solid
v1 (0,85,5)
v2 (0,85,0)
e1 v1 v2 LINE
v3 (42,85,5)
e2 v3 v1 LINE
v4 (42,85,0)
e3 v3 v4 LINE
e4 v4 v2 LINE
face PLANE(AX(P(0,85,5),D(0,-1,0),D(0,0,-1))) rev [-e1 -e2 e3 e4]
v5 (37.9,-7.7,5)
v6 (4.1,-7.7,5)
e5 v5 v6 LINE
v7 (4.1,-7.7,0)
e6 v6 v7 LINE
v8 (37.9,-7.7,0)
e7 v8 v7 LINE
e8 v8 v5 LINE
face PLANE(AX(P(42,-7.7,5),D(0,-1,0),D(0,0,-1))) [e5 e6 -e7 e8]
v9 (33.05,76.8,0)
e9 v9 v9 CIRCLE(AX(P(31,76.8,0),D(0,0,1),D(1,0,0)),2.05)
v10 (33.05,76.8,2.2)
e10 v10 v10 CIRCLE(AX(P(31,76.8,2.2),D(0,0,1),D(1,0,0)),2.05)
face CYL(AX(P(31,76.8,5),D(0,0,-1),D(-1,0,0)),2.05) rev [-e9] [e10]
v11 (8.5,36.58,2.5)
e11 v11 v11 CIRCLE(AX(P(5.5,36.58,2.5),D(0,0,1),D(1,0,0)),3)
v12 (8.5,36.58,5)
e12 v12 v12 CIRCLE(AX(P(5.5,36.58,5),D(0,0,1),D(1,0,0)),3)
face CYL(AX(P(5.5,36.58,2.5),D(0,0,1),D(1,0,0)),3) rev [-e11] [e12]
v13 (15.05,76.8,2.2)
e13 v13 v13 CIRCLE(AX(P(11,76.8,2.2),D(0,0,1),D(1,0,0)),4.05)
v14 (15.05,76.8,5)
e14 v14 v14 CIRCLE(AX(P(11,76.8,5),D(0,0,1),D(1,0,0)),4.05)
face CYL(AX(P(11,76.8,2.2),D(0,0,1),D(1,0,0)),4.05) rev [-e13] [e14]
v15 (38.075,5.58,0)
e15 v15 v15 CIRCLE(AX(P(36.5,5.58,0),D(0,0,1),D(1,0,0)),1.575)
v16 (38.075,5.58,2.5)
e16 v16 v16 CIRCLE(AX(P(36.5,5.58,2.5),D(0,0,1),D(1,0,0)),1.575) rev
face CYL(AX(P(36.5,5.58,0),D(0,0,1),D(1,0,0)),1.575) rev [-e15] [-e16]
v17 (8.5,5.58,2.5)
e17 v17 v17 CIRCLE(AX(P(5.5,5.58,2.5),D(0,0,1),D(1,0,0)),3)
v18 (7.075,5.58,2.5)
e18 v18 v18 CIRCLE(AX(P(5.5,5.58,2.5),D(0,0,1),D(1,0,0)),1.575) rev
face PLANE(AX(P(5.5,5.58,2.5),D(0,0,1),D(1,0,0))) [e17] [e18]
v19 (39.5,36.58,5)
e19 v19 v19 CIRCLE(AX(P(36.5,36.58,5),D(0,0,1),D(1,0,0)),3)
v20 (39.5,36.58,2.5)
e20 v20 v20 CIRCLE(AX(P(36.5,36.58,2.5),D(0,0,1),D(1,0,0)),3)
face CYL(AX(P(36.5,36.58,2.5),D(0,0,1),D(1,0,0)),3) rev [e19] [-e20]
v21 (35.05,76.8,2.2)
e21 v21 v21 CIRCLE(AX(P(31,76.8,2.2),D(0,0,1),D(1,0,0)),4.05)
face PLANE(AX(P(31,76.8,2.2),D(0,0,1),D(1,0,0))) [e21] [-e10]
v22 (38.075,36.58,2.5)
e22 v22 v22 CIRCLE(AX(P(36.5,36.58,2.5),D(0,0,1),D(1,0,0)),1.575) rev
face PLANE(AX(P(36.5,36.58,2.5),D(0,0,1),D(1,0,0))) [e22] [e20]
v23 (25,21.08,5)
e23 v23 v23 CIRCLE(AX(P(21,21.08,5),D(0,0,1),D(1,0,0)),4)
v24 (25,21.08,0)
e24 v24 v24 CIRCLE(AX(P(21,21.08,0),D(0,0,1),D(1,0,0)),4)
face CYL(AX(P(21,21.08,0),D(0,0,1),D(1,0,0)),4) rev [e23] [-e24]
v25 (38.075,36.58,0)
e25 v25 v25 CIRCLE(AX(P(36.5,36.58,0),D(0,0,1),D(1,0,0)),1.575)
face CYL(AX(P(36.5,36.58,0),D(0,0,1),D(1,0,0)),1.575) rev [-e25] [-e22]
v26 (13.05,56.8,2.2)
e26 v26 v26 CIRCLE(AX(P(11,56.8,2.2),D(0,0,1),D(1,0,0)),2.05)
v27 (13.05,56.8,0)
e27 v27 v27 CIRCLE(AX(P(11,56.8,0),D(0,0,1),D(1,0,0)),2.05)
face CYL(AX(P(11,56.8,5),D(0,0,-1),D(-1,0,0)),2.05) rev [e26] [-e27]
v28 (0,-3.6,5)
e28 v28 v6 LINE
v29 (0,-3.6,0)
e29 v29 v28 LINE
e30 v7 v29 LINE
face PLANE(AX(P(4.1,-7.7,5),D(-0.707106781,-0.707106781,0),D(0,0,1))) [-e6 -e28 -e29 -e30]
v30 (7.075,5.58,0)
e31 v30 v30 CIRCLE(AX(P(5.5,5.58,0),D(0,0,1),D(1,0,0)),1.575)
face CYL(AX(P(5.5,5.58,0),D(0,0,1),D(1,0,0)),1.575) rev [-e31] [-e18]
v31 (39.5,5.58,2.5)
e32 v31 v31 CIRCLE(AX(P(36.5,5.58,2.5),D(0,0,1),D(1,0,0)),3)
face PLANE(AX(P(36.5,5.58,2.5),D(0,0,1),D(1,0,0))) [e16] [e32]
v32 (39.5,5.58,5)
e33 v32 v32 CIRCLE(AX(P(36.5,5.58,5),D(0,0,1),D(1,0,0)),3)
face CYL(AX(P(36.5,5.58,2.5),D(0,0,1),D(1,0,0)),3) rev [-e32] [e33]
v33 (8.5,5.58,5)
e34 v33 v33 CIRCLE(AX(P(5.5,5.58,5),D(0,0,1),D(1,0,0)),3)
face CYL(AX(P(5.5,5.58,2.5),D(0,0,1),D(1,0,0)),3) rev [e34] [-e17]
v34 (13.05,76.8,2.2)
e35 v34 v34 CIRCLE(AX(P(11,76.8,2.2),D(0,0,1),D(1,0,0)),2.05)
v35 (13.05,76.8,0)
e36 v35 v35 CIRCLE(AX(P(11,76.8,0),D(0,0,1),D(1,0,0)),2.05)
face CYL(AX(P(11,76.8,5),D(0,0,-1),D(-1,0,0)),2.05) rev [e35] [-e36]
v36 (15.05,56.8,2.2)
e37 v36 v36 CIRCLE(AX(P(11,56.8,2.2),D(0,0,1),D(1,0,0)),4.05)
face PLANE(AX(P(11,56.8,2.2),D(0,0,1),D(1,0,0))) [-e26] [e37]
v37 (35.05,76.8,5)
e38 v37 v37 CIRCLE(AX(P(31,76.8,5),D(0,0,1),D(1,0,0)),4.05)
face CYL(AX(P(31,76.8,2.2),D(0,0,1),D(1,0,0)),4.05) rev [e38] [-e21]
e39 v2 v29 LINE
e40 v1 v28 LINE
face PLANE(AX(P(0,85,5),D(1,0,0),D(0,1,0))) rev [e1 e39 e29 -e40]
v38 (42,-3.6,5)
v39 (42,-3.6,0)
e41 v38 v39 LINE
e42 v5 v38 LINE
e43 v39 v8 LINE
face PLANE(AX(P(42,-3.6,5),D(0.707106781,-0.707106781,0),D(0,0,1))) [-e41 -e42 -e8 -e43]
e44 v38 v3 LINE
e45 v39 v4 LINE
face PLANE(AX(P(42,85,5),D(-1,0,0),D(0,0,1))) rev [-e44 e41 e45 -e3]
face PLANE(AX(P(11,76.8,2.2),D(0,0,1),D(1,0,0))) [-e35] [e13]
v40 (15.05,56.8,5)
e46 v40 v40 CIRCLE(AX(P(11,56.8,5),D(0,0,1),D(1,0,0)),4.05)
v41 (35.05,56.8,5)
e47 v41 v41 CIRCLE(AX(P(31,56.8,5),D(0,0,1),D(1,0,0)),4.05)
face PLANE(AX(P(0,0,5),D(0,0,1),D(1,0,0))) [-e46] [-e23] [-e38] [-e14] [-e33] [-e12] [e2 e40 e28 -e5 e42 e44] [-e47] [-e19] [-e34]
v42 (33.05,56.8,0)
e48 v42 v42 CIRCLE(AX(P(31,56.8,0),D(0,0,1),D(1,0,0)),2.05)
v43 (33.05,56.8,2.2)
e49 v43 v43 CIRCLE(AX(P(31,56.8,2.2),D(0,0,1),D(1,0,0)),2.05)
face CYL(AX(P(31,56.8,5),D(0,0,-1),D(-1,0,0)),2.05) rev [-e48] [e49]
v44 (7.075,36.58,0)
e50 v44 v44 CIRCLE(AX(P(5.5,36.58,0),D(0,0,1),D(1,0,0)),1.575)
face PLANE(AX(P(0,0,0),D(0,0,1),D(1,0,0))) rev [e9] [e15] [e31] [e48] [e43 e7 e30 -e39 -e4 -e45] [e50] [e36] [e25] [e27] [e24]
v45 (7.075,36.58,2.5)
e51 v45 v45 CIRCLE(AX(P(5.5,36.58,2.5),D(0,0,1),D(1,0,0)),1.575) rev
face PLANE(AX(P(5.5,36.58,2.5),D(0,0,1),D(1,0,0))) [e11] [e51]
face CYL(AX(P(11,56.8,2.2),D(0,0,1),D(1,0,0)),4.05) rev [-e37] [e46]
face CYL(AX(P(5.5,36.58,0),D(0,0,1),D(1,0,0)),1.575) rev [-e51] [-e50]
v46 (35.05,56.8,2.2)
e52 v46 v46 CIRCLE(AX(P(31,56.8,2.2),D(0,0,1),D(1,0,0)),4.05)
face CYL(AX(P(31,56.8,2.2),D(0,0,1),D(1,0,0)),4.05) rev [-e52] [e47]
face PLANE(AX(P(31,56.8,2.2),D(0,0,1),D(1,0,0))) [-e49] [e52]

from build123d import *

# Parameters (mm, degrees)
CROQUIS1_W              = 42
CROQUIS1_H              = 85
CROQUIS1_R              = 2.05
SALIENTE_EXTRUIR1_DEPTH = 5
CROQUIS4_R              = 4.05
CORTAR_EXTRUIR1_DEPTH   = 2.8
CROQUIS5_R              = 1.575
CROQUIS5_R_2            = 4
CORTAR_EXTRUIR2_DEPTH   = 6
CROQUIS6_R              = 3
CORTAR_EXTRUIR3_DEPTH   = 2.5
CROQUIS7_W              = 42
CROQUIS7_H              = 7.7
SALIENTE_EXTRUIR2_DEPTH = 5
CHAFL_N1_SIZE           = 4.1


with BuildPart() as part:
    # Croquis1 → Saliente-Extruir1 (new body)
    with BuildSketch(Plane.XY):
        with Locations((21, 42.5)):
            Rectangle(CROQUIS1_W, CROQUIS1_H)
        with Locations((11, 76.8)):
            Circle(CROQUIS1_R, mode=Mode.SUBTRACT)
        with Locations((31, 76.8)):
            Circle(CROQUIS1_R, mode=Mode.SUBTRACT)
        with Locations((31, 56.8)):
            Circle(CROQUIS1_R, mode=Mode.SUBTRACT)
        with Locations((11, 56.8)):
            Circle(CROQUIS1_R, mode=Mode.SUBTRACT)
    extrude(amount=SALIENTE_EXTRUIR1_DEPTH)

    # Croquis4 → Cortar-Extruir1 (cut)
    with BuildSketch(Plane.XY.offset(5)):
        with Locations((11, 76.8)):
            Circle(CROQUIS4_R)
        with Locations((11, 56.8)):
            Circle(CROQUIS4_R)
        with Locations((31, 56.8)):
            Circle(CROQUIS4_R)
        with Locations((31, 76.8)):
            Circle(CROQUIS4_R)
    extrude(amount=-CORTAR_EXTRUIR1_DEPTH, mode=Mode.SUBTRACT)

    # Croquis5 → Cortar-Extruir2 (cut, through all)
    with BuildSketch(Plane.XY.offset(5)):
        with Locations((5.5, 36.58)):
            Circle(CROQUIS5_R)
        with Locations((36.5, 36.58)):
            Circle(CROQUIS5_R)
        with Locations((36.5, 5.58)):
            Circle(CROQUIS5_R)
        with Locations((5.5, 5.58)):
            Circle(CROQUIS5_R)
        with Locations((21, 21.08)):
            Circle(CROQUIS5_R_2)
    extrude(amount=-CORTAR_EXTRUIR2_DEPTH, mode=Mode.SUBTRACT)

    # Croquis6 → Cortar-Extruir3 (cut)
    with BuildSketch(Plane.XY.offset(5)):
        with Locations((5.5, 36.58)):
            Circle(CROQUIS6_R)
        with Locations((36.5, 36.58)):
            Circle(CROQUIS6_R)
        with Locations((36.5, 5.58)):
            Circle(CROQUIS6_R)
        with Locations((5.5, 5.58)):
            Circle(CROQUIS6_R)
    extrude(amount=-CORTAR_EXTRUIR3_DEPTH, mode=Mode.SUBTRACT)

    # Croquis7 → Saliente-Extruir2 (add, through all)
    with BuildSketch(Plane(origin=(0, 0, 0), x_dir=(-1, 0, 0), z_dir=(0, 0, -1))):
        with Locations((-21, -3.85)):
            Rectangle(CROQUIS7_W, CROQUIS7_H)
    extrude(amount=-SALIENTE_EXTRUIR2_DEPTH)

    # Chaflán1
    chafl_n1_edges = [part.edges().sort_by_distance(p)[0] for p in [
        (42, -7.7, 2.5),
        (0, -7.7, 2.5),
    ]]
    chamfer(chafl_n1_edges, length=CHAFL_N1_SIZE)


solid = part.part
